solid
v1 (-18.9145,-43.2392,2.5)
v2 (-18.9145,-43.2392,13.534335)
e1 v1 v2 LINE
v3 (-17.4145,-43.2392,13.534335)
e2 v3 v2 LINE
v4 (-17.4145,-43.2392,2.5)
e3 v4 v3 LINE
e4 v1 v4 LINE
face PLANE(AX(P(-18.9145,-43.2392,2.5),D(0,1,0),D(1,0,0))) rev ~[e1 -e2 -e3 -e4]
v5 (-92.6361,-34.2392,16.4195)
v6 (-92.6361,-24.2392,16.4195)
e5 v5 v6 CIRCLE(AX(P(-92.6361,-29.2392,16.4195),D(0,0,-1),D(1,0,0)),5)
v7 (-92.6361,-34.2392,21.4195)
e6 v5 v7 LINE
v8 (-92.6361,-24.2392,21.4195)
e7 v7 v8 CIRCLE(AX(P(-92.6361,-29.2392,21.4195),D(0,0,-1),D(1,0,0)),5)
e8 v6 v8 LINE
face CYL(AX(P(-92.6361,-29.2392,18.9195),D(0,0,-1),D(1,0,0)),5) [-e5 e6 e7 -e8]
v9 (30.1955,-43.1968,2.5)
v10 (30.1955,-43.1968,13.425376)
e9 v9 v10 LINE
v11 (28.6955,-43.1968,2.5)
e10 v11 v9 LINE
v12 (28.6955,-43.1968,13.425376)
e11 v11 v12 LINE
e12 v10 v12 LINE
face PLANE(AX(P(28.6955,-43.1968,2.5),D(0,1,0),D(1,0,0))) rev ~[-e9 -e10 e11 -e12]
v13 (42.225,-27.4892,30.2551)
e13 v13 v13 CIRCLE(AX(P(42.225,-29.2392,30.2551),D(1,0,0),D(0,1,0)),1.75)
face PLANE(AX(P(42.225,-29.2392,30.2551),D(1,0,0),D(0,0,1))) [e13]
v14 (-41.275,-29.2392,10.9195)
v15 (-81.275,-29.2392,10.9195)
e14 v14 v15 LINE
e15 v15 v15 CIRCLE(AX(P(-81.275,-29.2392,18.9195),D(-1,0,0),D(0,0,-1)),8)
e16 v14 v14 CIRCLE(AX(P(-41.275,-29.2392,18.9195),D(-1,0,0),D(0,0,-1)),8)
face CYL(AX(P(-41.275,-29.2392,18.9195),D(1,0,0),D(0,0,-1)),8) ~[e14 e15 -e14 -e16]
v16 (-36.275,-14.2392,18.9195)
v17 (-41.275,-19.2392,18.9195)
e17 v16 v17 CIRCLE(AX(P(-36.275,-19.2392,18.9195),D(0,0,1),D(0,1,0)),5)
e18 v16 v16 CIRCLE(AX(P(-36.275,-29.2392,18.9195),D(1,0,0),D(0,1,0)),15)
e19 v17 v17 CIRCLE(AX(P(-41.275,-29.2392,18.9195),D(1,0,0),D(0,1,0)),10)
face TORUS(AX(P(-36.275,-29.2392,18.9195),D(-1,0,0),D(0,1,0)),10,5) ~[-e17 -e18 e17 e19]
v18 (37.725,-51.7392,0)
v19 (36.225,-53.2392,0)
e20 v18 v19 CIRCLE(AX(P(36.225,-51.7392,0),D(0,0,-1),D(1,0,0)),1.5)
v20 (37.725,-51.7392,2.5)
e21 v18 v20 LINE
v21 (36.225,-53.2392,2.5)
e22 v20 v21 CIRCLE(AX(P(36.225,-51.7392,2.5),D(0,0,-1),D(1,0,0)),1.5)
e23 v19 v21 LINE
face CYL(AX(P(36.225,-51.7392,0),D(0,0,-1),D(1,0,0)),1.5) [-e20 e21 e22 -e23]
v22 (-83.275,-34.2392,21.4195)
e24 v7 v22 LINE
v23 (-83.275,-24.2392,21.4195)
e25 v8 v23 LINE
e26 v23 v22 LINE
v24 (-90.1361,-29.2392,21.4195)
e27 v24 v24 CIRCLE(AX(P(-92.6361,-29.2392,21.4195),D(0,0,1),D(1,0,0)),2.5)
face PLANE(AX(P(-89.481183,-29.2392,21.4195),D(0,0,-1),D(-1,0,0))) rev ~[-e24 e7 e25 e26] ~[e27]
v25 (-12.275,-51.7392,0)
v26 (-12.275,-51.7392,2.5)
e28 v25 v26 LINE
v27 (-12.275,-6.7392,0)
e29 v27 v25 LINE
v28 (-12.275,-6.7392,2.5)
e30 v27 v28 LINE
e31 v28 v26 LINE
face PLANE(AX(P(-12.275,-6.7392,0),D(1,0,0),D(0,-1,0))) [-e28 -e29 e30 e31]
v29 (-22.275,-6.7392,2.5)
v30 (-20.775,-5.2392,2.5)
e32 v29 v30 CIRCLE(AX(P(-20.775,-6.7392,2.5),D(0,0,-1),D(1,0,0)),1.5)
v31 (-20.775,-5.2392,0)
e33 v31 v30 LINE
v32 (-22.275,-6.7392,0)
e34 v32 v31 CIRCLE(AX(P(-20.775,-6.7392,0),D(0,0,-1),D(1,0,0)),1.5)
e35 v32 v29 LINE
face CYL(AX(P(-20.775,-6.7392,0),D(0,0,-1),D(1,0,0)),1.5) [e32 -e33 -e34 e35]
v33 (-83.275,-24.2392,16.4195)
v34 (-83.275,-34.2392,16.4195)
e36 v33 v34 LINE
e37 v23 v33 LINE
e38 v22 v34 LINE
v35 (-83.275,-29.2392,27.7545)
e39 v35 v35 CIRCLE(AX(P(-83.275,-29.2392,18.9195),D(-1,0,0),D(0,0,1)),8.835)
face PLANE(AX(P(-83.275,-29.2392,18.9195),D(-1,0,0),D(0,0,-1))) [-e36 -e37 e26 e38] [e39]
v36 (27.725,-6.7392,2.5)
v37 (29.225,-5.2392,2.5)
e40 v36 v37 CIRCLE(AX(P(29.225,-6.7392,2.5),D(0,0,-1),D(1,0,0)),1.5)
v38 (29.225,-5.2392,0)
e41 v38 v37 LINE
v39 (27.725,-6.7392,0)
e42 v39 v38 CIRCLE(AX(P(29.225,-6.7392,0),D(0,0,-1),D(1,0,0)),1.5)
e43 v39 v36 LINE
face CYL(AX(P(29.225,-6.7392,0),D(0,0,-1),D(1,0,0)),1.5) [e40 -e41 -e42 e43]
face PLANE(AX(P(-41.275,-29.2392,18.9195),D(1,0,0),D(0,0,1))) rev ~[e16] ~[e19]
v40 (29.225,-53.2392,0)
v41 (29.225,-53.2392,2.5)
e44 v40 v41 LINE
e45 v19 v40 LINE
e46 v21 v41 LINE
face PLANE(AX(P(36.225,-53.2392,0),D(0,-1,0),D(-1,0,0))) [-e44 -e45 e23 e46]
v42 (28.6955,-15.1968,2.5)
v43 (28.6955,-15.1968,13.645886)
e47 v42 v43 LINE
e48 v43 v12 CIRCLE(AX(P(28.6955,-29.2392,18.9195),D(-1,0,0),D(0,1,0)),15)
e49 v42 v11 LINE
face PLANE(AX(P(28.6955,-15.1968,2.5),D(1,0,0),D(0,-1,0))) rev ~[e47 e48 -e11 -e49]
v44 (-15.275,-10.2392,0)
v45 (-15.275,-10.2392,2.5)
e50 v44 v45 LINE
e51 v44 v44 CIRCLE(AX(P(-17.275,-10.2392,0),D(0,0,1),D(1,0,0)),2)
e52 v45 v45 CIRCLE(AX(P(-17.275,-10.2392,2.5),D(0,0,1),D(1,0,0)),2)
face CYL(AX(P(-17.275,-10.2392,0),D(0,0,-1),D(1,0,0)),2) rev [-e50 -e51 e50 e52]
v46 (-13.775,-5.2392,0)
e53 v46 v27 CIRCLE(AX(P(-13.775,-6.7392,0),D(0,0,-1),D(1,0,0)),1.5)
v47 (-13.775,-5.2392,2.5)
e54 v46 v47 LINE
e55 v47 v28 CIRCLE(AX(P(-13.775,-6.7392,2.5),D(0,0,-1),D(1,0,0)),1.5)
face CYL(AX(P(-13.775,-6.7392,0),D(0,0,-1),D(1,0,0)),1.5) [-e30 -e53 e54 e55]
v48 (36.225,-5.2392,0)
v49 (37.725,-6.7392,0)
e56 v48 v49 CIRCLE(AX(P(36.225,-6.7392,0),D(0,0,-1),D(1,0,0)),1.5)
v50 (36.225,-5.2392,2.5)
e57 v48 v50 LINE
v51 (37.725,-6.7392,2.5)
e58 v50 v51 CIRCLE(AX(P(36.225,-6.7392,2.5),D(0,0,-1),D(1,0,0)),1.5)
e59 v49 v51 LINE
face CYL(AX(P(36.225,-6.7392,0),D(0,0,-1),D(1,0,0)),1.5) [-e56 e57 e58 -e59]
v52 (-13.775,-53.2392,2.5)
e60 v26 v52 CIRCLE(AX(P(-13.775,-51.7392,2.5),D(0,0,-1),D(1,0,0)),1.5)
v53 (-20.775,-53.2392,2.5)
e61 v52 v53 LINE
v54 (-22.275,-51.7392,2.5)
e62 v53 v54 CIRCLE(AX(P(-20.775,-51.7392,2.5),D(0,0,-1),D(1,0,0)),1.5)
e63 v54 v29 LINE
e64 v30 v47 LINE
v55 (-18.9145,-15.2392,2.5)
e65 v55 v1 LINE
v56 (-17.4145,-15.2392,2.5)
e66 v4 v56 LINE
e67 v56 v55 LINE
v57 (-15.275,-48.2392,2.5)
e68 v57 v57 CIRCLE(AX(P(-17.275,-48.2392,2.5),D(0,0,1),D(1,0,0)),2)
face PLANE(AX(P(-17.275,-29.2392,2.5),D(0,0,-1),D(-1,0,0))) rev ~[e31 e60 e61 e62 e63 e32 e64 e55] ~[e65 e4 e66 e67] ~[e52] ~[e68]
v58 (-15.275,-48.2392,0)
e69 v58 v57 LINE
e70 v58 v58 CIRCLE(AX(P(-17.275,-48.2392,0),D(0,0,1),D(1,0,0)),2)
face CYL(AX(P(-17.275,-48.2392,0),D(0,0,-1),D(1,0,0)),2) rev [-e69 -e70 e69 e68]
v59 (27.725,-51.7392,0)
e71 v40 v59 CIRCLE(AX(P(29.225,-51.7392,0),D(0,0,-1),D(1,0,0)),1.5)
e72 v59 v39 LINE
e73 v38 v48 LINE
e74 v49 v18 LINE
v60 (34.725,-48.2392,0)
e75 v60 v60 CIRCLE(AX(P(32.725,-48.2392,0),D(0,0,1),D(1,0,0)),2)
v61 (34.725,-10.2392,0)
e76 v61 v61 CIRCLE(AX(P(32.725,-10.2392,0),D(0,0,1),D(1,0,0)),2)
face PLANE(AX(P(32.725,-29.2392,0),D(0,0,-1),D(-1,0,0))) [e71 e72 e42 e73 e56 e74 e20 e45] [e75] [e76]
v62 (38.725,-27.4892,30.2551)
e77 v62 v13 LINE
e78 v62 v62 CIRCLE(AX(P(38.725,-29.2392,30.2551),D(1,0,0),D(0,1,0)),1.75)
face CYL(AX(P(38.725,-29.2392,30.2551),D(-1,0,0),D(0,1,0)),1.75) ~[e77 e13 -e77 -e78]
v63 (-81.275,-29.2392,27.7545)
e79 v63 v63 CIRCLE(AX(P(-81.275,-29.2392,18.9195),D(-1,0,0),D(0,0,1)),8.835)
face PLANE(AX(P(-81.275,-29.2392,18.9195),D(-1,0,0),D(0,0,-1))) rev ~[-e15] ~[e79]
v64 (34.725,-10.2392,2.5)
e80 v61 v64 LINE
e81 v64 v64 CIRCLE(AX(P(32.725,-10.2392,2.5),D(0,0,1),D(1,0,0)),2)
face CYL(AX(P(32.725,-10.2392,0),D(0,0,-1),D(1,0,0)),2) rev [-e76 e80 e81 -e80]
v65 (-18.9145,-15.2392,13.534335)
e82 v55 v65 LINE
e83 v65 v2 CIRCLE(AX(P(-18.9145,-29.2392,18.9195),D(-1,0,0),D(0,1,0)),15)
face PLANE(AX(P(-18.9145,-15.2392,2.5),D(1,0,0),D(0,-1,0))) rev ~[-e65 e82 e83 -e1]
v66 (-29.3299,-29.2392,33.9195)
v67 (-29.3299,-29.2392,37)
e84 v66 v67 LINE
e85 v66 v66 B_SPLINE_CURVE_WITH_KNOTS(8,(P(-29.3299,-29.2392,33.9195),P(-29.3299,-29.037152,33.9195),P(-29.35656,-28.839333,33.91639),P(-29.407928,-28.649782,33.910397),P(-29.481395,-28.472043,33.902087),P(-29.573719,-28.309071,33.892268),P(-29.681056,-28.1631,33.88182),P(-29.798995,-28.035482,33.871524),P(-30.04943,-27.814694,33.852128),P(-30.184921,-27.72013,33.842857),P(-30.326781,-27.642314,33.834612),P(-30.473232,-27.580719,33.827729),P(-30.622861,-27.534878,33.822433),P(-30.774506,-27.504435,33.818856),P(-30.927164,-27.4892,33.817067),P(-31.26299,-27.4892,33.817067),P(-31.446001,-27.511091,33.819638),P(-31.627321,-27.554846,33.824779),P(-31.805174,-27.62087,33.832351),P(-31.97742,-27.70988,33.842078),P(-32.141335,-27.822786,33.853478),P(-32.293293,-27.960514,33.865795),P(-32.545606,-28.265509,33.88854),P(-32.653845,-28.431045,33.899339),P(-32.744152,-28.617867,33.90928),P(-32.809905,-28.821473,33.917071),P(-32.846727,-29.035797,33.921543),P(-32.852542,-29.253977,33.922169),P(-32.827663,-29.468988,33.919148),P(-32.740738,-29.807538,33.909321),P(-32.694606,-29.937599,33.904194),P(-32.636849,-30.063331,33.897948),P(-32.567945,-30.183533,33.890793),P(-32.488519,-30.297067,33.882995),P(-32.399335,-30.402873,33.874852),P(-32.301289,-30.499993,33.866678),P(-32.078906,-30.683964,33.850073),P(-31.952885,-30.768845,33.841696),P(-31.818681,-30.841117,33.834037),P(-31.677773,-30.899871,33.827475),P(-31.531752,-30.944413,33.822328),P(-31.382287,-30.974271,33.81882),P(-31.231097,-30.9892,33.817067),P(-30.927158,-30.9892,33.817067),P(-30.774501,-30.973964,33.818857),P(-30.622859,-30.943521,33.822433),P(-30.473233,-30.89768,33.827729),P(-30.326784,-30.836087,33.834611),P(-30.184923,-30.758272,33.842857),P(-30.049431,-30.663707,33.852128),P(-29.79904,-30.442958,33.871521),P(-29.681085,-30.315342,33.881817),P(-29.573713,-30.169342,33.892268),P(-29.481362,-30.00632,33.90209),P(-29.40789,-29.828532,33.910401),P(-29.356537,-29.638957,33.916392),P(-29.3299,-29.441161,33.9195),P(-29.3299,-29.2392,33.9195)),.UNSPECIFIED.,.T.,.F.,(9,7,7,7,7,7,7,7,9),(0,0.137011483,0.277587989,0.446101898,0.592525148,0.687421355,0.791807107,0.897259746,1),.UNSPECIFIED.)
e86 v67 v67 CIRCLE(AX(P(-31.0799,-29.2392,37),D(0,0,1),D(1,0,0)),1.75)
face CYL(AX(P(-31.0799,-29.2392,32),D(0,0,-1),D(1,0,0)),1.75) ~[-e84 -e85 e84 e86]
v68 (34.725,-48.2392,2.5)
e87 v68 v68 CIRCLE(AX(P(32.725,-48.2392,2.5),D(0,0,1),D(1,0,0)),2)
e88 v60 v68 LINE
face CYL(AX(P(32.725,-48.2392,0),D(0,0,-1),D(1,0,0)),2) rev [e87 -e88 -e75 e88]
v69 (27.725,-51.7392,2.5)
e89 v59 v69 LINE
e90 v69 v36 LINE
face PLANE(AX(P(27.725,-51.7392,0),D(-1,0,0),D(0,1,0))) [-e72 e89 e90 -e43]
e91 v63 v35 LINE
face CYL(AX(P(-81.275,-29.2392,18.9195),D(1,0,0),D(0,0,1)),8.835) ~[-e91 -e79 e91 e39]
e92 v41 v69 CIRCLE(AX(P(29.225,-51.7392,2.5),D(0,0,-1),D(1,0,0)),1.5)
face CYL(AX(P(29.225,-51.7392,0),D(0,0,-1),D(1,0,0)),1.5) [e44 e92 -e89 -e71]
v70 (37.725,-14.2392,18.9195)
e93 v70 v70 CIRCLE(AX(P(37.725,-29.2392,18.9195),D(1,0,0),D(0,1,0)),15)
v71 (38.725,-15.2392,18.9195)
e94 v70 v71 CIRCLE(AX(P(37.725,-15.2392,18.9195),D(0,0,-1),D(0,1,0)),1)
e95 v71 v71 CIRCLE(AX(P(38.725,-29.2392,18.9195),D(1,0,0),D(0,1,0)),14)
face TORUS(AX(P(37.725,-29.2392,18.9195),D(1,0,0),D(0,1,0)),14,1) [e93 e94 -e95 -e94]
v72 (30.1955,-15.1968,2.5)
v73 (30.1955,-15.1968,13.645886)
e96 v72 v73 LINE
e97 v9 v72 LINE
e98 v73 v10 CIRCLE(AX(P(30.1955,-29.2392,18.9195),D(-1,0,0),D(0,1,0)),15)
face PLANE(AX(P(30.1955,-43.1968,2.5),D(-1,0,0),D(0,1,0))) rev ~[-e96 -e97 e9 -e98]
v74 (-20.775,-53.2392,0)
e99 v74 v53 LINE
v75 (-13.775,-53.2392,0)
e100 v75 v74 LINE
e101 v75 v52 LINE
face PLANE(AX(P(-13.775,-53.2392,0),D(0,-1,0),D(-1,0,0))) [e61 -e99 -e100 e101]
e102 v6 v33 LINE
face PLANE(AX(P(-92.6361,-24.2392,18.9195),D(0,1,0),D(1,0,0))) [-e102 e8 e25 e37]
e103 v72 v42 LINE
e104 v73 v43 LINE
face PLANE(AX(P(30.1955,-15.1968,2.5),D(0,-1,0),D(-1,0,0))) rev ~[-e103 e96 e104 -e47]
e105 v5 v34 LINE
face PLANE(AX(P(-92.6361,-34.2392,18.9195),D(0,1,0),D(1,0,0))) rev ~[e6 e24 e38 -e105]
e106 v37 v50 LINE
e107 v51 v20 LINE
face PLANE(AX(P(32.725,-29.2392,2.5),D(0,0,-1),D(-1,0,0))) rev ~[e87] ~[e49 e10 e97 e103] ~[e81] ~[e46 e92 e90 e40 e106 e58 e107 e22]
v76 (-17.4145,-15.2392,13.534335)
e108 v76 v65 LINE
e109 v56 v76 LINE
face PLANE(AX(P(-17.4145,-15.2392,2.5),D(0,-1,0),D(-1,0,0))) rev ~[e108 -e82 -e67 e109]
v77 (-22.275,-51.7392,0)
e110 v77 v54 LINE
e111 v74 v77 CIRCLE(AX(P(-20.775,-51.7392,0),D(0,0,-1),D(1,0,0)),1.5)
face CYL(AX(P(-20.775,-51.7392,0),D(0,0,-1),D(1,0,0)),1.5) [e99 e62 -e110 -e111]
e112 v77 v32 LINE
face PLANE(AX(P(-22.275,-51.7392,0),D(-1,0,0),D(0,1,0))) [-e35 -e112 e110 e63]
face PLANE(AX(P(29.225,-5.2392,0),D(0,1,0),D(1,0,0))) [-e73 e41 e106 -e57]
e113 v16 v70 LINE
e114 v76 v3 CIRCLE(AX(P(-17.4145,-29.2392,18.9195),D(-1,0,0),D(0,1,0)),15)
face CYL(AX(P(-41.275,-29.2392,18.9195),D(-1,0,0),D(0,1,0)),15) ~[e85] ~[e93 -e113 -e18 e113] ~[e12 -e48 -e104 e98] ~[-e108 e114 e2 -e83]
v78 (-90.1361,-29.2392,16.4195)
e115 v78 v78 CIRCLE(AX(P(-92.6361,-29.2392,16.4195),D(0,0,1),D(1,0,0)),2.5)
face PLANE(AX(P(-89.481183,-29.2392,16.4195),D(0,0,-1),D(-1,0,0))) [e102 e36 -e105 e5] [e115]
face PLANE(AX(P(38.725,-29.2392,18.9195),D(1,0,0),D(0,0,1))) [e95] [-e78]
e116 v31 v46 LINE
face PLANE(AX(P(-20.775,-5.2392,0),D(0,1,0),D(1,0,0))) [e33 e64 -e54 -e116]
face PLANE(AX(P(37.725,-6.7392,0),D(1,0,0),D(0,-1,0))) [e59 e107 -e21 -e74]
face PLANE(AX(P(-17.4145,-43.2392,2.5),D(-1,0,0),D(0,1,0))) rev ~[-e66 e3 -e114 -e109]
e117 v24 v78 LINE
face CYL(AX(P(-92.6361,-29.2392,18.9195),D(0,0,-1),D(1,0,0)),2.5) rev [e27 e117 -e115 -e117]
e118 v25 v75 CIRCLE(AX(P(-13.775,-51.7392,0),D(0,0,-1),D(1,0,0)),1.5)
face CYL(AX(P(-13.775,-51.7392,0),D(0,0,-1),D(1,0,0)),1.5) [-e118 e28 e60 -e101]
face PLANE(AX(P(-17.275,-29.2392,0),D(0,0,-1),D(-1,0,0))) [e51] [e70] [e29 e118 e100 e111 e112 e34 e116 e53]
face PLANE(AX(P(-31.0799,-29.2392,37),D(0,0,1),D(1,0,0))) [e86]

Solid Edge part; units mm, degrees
sketch "Sketch1" plane through (-41.275, 0, 0) normal (1, 0, 0) x (0, 1, 0)
  circle A0 centre (-29.2392, 18.9195) radius 15
extrude "ExtrudedProtrusion_1" add sketch "Sketch1" along normal blind 80
fillet "Round_1" radius 1 1 edges at (38.725, -44.2392, 18.9195)
fillet "Round_2" radius 5 1 edges at (-41.275, -44.2392, 18.9195)
sketch "Sketch2" plane through (-41.275, -29.2392, 18.9195) normal (-1, 0, 0) x (0, 0, -1)
  circle A0 centre (0, 0) radius 8
extrude "ExtrudedProtrusion_2" add sketch "Sketch2" along normal blind 40
sketch "Sketch3" plane through (0, 0, 32) normal (0, 0, 1) x (1, 0, 0)
  circle A0 centre (-31.0799, -29.2392) radius 1.75
extrude "ExtrudedProtrusion_3" add sketch "Sketch3" along normal blind 5
sketch "Sketch4" plane through (38.725, -29.2392, 18.9195) normal (1, 0, 0) x (0, 1, 0)
  circle A0 centre (0, 11.3356) radius 1.75
extrude "ExtrudedProtrusion_4" add sketch "Sketch4" along normal blind 3.5
sketch "Sketch5" plane through (0, 0, 0) normal (0, 0, 1) x (1, 0, 0)
  circle A0 centre (32.725, -10.2392) radius 2
  circle A1 centre (32.725, -48.2392) radius 2
  line L0 (-20.775, -5.2392) -> (-13.775, -5.2392)
  arc A2 (-13.775, -5.2392) -> (-12.275, -6.7392) centre (-13.775, -6.7392) cw
  line L1 (-12.275, -6.7392) -> (-12.275, -51.7392)
  arc A3 (-12.275, -51.7392) -> (-13.775, -53.2392) centre (-13.775, -51.7392) cw
  line L2 (-13.775, -53.2392) -> (-20.775, -53.2392)
  arc A4 (-20.775, -53.2392) -> (-22.275, -51.7392) centre (-20.775, -51.7392) cw
  line L3 (-22.275, -51.7392) -> (-22.275, -6.7392)
  arc A5 (-22.275, -6.7392) -> (-20.775, -5.2392) centre (-20.775, -6.7392) cw
  circle A6 centre (-17.275, -10.2392) radius 2
  circle A7 centre (-17.275, -48.2392) radius 2
  line L4 (29.225, -5.2392) -> (36.225, -5.2392)
  arc A8 (36.225, -5.2392) -> (37.725, -6.7392) centre (36.225, -6.7392) cw
  line L5 (37.725, -6.7392) -> (37.725, -51.7392)
  arc A9 (37.725, -51.7392) -> (36.225, -53.2392) centre (36.225, -51.7392) cw
  line L6 (36.225, -53.2392) -> (29.225, -53.2392)
  arc A10 (29.225, -53.2392) -> (27.725, -51.7392) centre (29.225, -51.7392) cw
  line L7 (27.725, -51.7392) -> (27.725, -6.7392)
  arc A11 (27.725, -6.7392) -> (29.225, -5.2392) centre (29.225, -6.7392) cw
  dimension "D1" = 45
  dimension "D2" = 7
  dimension "D3" = 5
  dimension "D4" = 5
  dimension "D5" = 38
  dimension "D6" = 10
  dimension "D7" = 48
  dimension "D8" = 38
  dimension "D9" = 5
  dimension "D10" = 5
  dimension "D11" = 5
  dimension "D12" = 5
  dimension "D13" = 50
extrude "ExtrudedProtrusion_5" add sketch "Sketch5" along normal blind 2.5
sketch "Sketch6" plane through (43.6955, -29.1968, 2.5) normal (0, 0, 1) x (0, 1, 0)
  line L0 (-14, 13.5) -> (14, 13.5)
  line L1 (14, 13.5) -> (14, 15)
  line L2 (14, 15) -> (-14, 15)
  line L3 (-14, 15) -> (-14, 13.5)
  line L4 (-14.0424, 61.11) -> (13.9576, 61.11)
  line L5 (13.9576, 61.11) -> (13.9576, 62.61)
  line L6 (13.9576, 62.61) -> (-14.0424, 62.61)
  line L7 (-14.0424, 62.61) -> (-14.0424, 61.11)
extrude "Protrusion1" add sketch "Sketch6" along normal up to vertex (16.4195 mm away)
sketch "Sketch7" plane through (-81.275, -29.2392, 18.9195) normal (-1, 0, 0) x (0, 0, 1)
  circle A0 centre (0, 0) radius 8.835
extrude "ExtrudedProtrusion_7" add sketch "Sketch7" along normal blind 2
sketch "Sketch8" plane through (0, 0, 18.9195) normal (0, 0, 1) x (1, 0, 0)
  circle A0 centre (-92.6361, -29.2392) radius 2.5
  line L0 (-92.6361, -24.2392) -> (-83.275, -24.2392)
  line L1 (-83.275, -24.2392) -> (-83.275, -34.2392)
  line L2 (-92.6361, -34.2392) -> (-83.275, -34.2392)
  arc A1 (-92.6361, -34.2392) -> (-92.6361, -24.2392) centre (-92.6361, -29.2392) cw
extrude "ExtrudedProtrusion_8" add sketch "Sketch8" along normal mid plane 5
